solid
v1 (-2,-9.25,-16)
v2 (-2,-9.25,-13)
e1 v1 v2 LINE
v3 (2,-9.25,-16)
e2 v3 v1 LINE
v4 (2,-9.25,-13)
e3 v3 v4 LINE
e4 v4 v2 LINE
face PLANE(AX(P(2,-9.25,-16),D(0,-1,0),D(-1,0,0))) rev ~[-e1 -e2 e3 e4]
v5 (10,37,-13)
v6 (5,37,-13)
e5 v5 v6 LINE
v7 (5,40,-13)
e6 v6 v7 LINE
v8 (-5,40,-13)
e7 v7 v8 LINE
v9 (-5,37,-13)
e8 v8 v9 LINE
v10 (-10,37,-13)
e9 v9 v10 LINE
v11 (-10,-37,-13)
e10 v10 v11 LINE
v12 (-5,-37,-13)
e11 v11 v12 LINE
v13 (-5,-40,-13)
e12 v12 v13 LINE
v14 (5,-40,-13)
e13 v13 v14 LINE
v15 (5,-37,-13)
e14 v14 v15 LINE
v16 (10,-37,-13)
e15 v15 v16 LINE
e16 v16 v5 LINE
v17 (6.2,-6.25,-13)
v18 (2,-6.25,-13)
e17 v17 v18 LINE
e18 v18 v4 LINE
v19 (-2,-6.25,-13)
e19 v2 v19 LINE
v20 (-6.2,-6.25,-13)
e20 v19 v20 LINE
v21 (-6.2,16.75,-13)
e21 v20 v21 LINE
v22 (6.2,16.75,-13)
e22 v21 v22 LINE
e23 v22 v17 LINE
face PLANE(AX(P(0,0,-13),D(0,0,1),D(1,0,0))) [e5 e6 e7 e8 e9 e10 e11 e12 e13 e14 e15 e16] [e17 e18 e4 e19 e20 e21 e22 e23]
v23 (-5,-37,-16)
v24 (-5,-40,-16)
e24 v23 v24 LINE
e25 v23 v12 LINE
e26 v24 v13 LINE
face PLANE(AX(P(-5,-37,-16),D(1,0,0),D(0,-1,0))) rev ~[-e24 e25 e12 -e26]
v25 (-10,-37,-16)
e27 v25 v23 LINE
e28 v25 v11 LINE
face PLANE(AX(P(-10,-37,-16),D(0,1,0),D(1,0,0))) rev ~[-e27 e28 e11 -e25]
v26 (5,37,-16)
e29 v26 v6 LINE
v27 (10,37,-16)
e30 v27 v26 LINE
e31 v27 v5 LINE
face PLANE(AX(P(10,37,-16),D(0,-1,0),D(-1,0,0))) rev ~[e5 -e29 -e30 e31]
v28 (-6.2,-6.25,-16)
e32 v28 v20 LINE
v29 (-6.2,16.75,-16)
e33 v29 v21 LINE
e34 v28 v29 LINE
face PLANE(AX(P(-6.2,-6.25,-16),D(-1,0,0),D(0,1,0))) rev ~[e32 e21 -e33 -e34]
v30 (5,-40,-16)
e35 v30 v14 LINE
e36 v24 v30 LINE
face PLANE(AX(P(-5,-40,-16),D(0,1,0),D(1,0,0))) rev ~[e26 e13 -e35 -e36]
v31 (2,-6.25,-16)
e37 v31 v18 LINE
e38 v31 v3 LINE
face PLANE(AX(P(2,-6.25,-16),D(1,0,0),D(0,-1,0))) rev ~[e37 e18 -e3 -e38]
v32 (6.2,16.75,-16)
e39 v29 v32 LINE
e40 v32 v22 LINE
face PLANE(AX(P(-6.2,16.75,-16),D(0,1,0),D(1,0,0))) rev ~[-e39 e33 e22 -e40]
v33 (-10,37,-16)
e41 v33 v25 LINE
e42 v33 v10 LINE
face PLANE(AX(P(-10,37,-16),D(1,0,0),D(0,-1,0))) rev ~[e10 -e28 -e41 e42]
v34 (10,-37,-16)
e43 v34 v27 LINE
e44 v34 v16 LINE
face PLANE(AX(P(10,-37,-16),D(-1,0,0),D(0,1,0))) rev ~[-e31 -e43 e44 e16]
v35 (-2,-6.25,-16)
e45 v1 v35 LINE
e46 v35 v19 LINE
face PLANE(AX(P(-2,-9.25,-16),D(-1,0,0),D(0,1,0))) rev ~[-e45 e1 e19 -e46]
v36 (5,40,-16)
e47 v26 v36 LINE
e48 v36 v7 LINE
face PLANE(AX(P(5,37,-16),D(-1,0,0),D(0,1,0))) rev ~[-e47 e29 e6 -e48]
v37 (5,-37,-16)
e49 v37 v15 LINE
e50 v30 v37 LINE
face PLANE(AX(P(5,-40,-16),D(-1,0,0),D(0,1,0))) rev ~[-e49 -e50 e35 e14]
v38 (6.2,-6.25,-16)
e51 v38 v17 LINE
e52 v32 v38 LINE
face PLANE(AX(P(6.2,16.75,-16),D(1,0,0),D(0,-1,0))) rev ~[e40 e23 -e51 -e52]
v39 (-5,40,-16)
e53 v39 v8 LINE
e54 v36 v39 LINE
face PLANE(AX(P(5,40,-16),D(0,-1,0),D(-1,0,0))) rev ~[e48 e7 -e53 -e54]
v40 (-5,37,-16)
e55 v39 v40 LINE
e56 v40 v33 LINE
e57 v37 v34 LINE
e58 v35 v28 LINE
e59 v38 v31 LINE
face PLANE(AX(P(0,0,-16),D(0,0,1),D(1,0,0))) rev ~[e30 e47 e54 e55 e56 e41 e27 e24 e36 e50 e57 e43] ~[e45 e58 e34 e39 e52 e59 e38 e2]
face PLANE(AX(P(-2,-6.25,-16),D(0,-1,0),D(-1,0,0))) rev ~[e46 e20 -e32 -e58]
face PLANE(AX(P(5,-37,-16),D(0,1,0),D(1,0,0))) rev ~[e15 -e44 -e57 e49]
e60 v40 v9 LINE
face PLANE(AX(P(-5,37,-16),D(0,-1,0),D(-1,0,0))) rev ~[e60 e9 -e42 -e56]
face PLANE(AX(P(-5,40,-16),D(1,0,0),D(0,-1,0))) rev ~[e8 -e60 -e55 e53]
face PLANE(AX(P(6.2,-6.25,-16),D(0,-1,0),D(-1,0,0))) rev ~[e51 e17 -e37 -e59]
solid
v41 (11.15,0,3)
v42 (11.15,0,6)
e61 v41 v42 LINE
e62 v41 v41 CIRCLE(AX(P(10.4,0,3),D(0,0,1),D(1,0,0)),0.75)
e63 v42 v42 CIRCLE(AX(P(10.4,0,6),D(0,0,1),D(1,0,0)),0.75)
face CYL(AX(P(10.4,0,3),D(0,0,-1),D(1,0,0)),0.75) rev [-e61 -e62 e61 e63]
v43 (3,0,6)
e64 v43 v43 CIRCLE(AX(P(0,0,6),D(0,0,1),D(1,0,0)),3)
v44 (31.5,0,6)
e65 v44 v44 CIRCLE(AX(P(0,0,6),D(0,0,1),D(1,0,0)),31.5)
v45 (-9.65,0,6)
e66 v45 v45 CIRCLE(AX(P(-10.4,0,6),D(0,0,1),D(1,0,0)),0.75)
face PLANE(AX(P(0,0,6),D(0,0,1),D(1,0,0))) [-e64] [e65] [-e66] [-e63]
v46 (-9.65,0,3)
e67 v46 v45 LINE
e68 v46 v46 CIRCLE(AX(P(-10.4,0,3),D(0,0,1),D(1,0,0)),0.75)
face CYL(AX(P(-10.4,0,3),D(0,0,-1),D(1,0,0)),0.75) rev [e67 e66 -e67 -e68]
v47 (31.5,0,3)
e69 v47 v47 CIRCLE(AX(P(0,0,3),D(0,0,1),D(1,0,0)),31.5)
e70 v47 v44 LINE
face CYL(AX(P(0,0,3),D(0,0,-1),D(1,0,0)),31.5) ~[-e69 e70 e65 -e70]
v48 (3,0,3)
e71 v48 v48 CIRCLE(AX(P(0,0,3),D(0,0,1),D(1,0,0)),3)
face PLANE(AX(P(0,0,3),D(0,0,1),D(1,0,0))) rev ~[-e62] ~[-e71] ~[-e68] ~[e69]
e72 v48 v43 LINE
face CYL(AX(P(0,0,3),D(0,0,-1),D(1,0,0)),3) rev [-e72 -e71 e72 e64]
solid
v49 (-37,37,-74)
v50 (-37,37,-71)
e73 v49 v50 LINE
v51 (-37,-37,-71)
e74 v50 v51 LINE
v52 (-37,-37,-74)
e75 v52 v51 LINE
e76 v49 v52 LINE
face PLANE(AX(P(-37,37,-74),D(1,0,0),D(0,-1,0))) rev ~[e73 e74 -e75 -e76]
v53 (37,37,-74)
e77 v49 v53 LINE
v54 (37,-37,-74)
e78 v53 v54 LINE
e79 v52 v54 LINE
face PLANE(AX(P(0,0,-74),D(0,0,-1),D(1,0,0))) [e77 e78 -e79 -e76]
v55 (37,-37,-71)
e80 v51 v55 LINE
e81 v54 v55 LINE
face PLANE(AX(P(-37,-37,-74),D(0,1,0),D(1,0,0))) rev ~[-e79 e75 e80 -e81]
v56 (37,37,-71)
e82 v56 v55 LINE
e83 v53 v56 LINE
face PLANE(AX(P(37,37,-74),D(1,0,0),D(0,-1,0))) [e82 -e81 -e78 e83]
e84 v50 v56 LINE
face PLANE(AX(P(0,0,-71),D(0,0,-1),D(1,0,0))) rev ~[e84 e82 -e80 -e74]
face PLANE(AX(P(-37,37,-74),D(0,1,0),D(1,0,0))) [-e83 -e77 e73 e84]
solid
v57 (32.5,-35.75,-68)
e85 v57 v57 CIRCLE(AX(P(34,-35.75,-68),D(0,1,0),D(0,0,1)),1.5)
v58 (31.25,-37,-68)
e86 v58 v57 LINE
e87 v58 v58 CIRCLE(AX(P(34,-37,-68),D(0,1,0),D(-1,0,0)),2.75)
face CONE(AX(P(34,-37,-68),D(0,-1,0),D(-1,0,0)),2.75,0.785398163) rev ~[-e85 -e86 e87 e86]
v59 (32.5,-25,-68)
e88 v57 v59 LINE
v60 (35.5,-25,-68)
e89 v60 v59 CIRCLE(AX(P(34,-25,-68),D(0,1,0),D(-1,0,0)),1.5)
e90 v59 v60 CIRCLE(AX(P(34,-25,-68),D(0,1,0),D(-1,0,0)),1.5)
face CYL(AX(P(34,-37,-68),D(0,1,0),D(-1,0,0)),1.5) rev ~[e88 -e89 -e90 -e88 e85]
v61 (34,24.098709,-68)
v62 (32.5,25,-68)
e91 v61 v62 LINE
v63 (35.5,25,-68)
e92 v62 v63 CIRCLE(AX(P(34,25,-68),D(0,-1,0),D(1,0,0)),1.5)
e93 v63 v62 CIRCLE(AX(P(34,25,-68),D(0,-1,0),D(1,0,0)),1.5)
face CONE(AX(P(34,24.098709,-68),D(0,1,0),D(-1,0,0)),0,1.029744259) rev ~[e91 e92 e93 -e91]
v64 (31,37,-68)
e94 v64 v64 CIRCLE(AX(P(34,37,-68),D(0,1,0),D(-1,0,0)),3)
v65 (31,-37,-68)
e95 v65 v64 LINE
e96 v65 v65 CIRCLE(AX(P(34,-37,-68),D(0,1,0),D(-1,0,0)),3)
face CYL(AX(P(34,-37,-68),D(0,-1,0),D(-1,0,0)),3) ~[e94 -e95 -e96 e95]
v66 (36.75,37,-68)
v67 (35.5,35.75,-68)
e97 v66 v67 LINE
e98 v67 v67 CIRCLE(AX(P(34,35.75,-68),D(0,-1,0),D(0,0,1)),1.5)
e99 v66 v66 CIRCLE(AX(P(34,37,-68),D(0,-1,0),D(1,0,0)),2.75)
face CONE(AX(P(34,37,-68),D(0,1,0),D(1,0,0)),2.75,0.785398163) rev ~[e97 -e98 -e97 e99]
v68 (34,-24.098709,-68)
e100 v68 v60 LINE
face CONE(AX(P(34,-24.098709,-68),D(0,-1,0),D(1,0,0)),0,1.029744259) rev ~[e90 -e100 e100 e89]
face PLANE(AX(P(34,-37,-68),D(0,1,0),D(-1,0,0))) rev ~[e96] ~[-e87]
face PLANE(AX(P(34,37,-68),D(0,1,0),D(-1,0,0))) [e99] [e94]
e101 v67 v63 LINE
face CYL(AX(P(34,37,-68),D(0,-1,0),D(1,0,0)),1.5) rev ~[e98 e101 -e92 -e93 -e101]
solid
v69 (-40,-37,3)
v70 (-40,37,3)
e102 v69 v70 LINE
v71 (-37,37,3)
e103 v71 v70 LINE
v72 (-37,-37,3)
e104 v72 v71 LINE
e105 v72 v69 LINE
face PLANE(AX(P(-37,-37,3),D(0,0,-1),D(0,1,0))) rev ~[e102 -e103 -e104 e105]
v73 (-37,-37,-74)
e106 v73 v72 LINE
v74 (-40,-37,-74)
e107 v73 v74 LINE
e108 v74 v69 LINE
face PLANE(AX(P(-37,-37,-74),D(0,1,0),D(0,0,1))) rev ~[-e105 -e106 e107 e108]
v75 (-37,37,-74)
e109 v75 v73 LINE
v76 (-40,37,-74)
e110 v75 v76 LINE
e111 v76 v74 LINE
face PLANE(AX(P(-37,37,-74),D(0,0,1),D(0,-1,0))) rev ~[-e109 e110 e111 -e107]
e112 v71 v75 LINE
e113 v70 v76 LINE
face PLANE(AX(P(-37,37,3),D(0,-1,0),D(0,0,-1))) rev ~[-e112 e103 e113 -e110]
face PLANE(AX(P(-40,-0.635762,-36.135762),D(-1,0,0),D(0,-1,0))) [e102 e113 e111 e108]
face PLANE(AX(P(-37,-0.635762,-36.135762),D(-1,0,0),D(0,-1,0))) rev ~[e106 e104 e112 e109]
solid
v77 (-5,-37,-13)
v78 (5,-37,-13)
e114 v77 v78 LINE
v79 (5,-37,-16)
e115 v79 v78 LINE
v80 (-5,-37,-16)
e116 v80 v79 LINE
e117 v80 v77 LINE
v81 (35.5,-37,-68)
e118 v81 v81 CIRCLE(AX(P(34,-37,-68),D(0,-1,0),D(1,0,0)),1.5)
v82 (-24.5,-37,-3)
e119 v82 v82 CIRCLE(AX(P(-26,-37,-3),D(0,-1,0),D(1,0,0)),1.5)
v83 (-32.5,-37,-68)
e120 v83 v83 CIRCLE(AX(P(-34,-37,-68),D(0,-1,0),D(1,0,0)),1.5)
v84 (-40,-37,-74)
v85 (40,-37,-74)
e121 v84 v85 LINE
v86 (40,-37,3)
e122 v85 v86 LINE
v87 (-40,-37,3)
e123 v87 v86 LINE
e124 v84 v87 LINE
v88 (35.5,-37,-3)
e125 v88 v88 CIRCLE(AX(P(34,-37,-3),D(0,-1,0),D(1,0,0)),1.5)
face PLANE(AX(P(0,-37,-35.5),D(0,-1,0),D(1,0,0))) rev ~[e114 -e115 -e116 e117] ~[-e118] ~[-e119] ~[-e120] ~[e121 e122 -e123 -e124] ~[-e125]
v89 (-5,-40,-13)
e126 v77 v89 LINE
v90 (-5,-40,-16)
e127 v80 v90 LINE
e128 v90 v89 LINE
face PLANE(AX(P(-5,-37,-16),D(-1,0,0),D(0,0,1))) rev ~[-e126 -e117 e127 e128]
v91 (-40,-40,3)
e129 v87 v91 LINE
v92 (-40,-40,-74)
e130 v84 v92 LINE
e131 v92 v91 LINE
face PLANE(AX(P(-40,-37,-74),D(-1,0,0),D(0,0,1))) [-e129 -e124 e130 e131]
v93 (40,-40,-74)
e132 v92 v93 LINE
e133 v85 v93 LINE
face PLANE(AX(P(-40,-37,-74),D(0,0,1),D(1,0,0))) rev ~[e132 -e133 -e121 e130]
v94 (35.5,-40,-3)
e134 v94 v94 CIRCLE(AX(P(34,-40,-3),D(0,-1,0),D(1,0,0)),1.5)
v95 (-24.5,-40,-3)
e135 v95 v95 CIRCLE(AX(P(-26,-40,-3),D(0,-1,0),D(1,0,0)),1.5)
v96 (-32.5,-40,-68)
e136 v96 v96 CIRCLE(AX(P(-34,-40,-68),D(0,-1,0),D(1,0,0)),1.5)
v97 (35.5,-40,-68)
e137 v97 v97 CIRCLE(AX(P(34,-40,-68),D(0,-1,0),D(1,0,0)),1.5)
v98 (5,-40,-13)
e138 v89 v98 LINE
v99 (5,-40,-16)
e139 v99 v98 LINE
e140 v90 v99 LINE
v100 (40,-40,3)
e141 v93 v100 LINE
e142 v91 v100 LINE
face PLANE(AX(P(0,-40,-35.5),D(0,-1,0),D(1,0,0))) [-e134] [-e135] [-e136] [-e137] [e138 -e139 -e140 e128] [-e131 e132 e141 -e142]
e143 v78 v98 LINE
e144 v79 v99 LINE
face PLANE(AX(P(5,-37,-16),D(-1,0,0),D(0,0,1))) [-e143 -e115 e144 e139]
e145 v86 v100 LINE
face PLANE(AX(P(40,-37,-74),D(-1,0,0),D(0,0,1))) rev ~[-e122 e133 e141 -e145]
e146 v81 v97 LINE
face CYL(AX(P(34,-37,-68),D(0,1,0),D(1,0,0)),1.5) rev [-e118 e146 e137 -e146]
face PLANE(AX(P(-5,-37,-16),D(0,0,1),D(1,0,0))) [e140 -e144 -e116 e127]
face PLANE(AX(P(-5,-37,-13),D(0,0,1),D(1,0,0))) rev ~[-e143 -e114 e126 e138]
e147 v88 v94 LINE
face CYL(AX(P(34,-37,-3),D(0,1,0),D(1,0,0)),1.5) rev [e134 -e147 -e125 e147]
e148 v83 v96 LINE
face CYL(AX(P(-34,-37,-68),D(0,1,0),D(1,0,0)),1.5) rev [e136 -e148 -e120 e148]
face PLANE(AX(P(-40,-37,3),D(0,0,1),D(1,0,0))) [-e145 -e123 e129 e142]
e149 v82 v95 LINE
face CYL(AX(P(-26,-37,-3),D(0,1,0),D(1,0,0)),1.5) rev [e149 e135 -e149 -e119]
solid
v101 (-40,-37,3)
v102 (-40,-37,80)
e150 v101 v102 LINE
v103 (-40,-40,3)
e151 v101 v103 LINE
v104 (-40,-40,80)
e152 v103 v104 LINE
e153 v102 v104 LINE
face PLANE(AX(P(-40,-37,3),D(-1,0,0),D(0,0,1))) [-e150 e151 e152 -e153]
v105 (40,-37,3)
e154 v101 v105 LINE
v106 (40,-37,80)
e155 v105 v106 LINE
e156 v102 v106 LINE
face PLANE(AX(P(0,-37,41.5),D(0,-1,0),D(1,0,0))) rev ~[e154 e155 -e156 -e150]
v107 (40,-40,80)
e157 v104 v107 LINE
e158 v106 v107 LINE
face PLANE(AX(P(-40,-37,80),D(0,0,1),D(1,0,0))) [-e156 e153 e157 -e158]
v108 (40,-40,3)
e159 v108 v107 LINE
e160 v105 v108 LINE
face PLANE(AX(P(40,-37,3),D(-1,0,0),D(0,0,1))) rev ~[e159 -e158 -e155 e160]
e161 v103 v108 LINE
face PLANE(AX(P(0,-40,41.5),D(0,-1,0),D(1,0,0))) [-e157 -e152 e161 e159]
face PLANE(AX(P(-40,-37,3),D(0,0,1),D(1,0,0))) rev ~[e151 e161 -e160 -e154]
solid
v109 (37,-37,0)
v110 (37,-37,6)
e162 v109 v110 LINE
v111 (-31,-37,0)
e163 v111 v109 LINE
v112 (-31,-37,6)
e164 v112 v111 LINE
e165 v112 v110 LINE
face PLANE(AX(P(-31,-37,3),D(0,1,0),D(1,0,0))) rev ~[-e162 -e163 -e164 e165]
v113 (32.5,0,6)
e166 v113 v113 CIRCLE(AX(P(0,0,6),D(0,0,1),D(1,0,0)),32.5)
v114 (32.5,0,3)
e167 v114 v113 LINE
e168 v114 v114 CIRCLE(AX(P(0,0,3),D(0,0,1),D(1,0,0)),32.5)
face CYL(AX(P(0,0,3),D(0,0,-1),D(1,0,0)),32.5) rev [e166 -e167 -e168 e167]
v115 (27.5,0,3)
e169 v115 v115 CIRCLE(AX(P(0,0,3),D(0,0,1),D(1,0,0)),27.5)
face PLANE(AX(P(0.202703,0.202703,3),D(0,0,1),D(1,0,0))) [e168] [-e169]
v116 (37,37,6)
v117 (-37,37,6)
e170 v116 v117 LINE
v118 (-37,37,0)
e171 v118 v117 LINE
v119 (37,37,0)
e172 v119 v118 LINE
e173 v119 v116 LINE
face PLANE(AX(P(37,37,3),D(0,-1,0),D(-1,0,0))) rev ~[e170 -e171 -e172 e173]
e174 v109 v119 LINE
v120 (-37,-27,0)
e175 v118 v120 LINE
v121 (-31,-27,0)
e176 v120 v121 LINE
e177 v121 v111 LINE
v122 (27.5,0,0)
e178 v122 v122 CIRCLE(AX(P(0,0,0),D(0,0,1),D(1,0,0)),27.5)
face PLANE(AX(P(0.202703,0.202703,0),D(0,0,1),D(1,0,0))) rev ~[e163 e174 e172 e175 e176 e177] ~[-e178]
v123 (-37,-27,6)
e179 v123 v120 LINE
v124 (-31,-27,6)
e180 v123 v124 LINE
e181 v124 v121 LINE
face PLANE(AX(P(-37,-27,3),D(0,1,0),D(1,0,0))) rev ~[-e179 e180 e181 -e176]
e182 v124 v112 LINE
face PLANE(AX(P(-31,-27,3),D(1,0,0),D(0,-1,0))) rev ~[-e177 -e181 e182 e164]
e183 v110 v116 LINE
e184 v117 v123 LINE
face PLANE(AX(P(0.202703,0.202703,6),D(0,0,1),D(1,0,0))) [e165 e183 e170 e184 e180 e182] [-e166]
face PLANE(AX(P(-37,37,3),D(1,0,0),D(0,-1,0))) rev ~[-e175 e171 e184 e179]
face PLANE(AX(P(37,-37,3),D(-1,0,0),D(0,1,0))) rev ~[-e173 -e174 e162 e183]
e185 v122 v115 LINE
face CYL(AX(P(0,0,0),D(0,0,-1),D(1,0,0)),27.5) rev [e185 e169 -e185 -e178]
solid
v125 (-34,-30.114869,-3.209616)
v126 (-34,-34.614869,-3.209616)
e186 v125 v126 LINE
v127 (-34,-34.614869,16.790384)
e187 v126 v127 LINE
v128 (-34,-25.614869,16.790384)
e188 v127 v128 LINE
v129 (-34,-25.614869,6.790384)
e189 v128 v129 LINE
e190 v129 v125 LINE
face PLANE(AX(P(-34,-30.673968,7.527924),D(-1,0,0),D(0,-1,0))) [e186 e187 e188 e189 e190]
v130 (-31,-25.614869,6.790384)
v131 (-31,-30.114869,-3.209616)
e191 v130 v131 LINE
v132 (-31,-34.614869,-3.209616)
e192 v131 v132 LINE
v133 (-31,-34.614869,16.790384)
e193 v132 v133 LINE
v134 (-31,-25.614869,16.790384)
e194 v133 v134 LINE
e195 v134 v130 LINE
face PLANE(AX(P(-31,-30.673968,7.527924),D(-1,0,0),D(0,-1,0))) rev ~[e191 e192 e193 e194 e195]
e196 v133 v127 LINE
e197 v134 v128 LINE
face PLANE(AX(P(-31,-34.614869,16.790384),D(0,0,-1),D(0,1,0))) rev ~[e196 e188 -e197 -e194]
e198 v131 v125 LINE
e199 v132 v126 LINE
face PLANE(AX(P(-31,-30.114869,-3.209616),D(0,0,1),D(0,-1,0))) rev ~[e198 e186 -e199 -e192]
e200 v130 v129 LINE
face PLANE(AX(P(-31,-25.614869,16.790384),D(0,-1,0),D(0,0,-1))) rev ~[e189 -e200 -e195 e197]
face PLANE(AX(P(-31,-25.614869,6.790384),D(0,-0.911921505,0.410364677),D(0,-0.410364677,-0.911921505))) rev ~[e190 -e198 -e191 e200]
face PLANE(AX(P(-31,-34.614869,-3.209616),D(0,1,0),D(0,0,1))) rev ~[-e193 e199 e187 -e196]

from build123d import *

# Parameters (mm, degrees)
F4_R            = 27.5
F5_DEPTH        = 3
F6_R            = 32.5
F7_DEPTH        = 3
F8_R            = 31.5
F8_R_2          = 0.75
F8_R_3          = 3
F9_DEPTH        = 3
F10_W           = 64
F10_H           = 3
F11_DEPTH       = 3
F12_W           = 74
F12_H           = 74
F13_DEPTH       = 3
F14_W           = 80
F14_H           = 77
F14_R           = 1.5
F14_W_2         = 10
F14_H_2         = 3
F15_DEPTH       = 3
F16_R           = 3
F17_DEPTH       = 74
F19_D           = 3
F19_DEPTH       = 12
F19_CSINK_D     = 5.5
F19_CSINK_ANGLE = 90
F19_TIP         = 0.9012909285
F21_D           = 3
F21_DEPTH       = 12
F21_CSINK_D     = 5.5
F21_CSINK_ANGLE = 90
F21_TIP         = 0.9012909285
F23_DEPTH       = 3
F25_DEPTH       = 3
F26_W           = 80
F26_H           = 77
F27_DEPTH       = 3


with BuildPart() as f5:
    # F4 (on Top) → F5 (new body)
    with BuildSketch(Plane.XY):
        Polygon((37, -37), (37, 37), (-37, 37), (-37, -27), (-31, -27), (-31, -37), align=None)
        Circle(F4_R, mode=Mode.SUBTRACT)
    extrude(amount=F5_DEPTH)

    # F6 (on face) → F7 (join)
    with BuildSketch(Plane.XY.offset(3)):
        Polygon((-31, -37), (37, -37), (37, 37), (-37, 37), (-37, -27), (-31, -27), align=None)
        Circle(F6_R, mode=Mode.SUBTRACT)
    extrude(amount=F7_DEPTH)


with BuildPart() as f9:
    # F8 (on face) → F9 (new body)
    with BuildSketch(Plane.XY.offset(3)):
        Circle(F8_R)
        with Locations((-10.4, 0)):
            Circle(F8_R_2, mode=Mode.SUBTRACT)
        Circle(F8_R_3, mode=Mode.SUBTRACT)
        with Locations((10.4, 0)):
            Circle(F8_R_2, mode=Mode.SUBTRACT)
    extrude(amount=F9_DEPTH)


with BuildPart() as f11:
    # F10 (on face) → F11 (new body)
    with BuildSketch(Plane(origin=(-37, 0, 0), x_dir=(0, -1, 0), z_dir=(-1, 0, 0))):
        Polygon((37, 3), (27, 3), (27, 0), (-37, 0), (-37, -74), (37, -74), align=None)
        with Locations((-5, 1.5)):
            Rectangle(F10_W, F10_H)
    extrude(amount=F11_DEPTH)


with BuildPart() as f13:
    # F12 (on face) → F13 (new body)
    with BuildSketch(Plane(origin=(0, 0, -74), x_dir=(1, 0, 0), z_dir=(0, 0, -1))):
        Rectangle(F12_W, F12_H)
    extrude(amount=-F13_DEPTH)


with BuildPart() as f15:
    # F14 (on face) → F15 (new body)
    with BuildSketch(Plane.XZ.offset(37)):
        with Locations((0, -35.5)):
            Rectangle(F14_W, F14_H)
        with Locations((-34, -68)):
            Circle(F14_R, mode=Mode.SUBTRACT)
        with Locations((34, -68)):
            Circle(F14_R, mode=Mode.SUBTRACT)
        with Locations((-26, -3)):
            Circle(F14_R, mode=Mode.SUBTRACT)
        with Locations((0, -14.5)):
            Rectangle(F14_W_2, F14_H_2, mode=Mode.SUBTRACT)
        with Locations((34, -3)):
            Circle(F14_R, mode=Mode.SUBTRACT)
    extrude(amount=F15_DEPTH)


with BuildPart() as f17:
    # F16 (on face) → F17 (new body)
    with BuildSketch(Plane(origin=(0, -37, 0), x_dir=(-1, 0, 0), z_dir=(0, 1, 0))):
        with Locations((-34, -68)):
            Circle(F16_R)
    extrude(amount=F17_DEPTH)

    # F19
    with Locations(Plane(origin=(0, 37, 0), x_dir=(-1, 0, 0), z_dir=(0, 1, 0))):
        with Locations((-34, -68)):
            CounterSinkHole(F19_D / 2, F19_CSINK_D / 2, depth=F19_DEPTH, counter_sink_angle=F19_CSINK_ANGLE)
            with Locations((0, 0, -(F19_DEPTH + F19_TIP / 2))):  # 118° drill point
                Cone(0, F19_D / 2, F19_TIP, mode=Mode.SUBTRACT)

    # F21
    with Locations(Plane.XZ.offset(37)):
        with Locations((34, -68)):
            CounterSinkHole(F21_D / 2, F21_CSINK_D / 2, depth=F21_DEPTH, counter_sink_angle=F21_CSINK_ANGLE)
            with Locations((0, 0, -(F21_DEPTH + F21_TIP / 2))):  # 118° drill point
                Cone(0, F21_D / 2, F21_TIP, mode=Mode.SUBTRACT)


with BuildPart() as f23:
    # F22 (on face) → F23 (new body)
    with BuildSketch(Plane.XY.offset(-16)):
        Polygon((-5, -40), (5, -40), (5, -37), (10, -37), (10, 37), (5, 37), (5, 40), (-5, 40), (-5, 37), (-10, 37), (-10, -37), (-5, -37), align=None)
        Polygon((-6.2, 16.75), (6.2, 16.75), (6.2, -6.25), (2, -6.25), (2, -9.25), (-2, -9.25), (-2, -6.25), (-6.2, -6.25), align=None, mode=Mode.SUBTRACT)
    extrude(amount=F23_DEPTH)


with BuildPart() as f25:
    # F24 (on face) → F25 (new body)
    with BuildSketch(Plane(origin=(-31, 0, 0), x_dir=(0, -1, 0), z_dir=(-1, 0, 0))):
        Polygon((34.6148688495, 16.7903841846), (25.6148688495, 16.7903841846), (25.6148688495, 6.7903841846), (30.1148688495, -3.2096158154), (34.6148688495, -3.2096158154), align=None)
    extrude(amount=F25_DEPTH)


with BuildPart() as f27:
    # F26 (on face) → F27 (new body)
    with BuildSketch(Plane.XZ.offset(37)):
        with Locations((0, 41.5)):
            Rectangle(F26_W, F26_H)
    extrude(amount=F27_DEPTH)


solid = Compound([f5.part, f9.part, f11.part, f13.part, f15.part, f17.part, f23.part, f25.part, f27.part])
